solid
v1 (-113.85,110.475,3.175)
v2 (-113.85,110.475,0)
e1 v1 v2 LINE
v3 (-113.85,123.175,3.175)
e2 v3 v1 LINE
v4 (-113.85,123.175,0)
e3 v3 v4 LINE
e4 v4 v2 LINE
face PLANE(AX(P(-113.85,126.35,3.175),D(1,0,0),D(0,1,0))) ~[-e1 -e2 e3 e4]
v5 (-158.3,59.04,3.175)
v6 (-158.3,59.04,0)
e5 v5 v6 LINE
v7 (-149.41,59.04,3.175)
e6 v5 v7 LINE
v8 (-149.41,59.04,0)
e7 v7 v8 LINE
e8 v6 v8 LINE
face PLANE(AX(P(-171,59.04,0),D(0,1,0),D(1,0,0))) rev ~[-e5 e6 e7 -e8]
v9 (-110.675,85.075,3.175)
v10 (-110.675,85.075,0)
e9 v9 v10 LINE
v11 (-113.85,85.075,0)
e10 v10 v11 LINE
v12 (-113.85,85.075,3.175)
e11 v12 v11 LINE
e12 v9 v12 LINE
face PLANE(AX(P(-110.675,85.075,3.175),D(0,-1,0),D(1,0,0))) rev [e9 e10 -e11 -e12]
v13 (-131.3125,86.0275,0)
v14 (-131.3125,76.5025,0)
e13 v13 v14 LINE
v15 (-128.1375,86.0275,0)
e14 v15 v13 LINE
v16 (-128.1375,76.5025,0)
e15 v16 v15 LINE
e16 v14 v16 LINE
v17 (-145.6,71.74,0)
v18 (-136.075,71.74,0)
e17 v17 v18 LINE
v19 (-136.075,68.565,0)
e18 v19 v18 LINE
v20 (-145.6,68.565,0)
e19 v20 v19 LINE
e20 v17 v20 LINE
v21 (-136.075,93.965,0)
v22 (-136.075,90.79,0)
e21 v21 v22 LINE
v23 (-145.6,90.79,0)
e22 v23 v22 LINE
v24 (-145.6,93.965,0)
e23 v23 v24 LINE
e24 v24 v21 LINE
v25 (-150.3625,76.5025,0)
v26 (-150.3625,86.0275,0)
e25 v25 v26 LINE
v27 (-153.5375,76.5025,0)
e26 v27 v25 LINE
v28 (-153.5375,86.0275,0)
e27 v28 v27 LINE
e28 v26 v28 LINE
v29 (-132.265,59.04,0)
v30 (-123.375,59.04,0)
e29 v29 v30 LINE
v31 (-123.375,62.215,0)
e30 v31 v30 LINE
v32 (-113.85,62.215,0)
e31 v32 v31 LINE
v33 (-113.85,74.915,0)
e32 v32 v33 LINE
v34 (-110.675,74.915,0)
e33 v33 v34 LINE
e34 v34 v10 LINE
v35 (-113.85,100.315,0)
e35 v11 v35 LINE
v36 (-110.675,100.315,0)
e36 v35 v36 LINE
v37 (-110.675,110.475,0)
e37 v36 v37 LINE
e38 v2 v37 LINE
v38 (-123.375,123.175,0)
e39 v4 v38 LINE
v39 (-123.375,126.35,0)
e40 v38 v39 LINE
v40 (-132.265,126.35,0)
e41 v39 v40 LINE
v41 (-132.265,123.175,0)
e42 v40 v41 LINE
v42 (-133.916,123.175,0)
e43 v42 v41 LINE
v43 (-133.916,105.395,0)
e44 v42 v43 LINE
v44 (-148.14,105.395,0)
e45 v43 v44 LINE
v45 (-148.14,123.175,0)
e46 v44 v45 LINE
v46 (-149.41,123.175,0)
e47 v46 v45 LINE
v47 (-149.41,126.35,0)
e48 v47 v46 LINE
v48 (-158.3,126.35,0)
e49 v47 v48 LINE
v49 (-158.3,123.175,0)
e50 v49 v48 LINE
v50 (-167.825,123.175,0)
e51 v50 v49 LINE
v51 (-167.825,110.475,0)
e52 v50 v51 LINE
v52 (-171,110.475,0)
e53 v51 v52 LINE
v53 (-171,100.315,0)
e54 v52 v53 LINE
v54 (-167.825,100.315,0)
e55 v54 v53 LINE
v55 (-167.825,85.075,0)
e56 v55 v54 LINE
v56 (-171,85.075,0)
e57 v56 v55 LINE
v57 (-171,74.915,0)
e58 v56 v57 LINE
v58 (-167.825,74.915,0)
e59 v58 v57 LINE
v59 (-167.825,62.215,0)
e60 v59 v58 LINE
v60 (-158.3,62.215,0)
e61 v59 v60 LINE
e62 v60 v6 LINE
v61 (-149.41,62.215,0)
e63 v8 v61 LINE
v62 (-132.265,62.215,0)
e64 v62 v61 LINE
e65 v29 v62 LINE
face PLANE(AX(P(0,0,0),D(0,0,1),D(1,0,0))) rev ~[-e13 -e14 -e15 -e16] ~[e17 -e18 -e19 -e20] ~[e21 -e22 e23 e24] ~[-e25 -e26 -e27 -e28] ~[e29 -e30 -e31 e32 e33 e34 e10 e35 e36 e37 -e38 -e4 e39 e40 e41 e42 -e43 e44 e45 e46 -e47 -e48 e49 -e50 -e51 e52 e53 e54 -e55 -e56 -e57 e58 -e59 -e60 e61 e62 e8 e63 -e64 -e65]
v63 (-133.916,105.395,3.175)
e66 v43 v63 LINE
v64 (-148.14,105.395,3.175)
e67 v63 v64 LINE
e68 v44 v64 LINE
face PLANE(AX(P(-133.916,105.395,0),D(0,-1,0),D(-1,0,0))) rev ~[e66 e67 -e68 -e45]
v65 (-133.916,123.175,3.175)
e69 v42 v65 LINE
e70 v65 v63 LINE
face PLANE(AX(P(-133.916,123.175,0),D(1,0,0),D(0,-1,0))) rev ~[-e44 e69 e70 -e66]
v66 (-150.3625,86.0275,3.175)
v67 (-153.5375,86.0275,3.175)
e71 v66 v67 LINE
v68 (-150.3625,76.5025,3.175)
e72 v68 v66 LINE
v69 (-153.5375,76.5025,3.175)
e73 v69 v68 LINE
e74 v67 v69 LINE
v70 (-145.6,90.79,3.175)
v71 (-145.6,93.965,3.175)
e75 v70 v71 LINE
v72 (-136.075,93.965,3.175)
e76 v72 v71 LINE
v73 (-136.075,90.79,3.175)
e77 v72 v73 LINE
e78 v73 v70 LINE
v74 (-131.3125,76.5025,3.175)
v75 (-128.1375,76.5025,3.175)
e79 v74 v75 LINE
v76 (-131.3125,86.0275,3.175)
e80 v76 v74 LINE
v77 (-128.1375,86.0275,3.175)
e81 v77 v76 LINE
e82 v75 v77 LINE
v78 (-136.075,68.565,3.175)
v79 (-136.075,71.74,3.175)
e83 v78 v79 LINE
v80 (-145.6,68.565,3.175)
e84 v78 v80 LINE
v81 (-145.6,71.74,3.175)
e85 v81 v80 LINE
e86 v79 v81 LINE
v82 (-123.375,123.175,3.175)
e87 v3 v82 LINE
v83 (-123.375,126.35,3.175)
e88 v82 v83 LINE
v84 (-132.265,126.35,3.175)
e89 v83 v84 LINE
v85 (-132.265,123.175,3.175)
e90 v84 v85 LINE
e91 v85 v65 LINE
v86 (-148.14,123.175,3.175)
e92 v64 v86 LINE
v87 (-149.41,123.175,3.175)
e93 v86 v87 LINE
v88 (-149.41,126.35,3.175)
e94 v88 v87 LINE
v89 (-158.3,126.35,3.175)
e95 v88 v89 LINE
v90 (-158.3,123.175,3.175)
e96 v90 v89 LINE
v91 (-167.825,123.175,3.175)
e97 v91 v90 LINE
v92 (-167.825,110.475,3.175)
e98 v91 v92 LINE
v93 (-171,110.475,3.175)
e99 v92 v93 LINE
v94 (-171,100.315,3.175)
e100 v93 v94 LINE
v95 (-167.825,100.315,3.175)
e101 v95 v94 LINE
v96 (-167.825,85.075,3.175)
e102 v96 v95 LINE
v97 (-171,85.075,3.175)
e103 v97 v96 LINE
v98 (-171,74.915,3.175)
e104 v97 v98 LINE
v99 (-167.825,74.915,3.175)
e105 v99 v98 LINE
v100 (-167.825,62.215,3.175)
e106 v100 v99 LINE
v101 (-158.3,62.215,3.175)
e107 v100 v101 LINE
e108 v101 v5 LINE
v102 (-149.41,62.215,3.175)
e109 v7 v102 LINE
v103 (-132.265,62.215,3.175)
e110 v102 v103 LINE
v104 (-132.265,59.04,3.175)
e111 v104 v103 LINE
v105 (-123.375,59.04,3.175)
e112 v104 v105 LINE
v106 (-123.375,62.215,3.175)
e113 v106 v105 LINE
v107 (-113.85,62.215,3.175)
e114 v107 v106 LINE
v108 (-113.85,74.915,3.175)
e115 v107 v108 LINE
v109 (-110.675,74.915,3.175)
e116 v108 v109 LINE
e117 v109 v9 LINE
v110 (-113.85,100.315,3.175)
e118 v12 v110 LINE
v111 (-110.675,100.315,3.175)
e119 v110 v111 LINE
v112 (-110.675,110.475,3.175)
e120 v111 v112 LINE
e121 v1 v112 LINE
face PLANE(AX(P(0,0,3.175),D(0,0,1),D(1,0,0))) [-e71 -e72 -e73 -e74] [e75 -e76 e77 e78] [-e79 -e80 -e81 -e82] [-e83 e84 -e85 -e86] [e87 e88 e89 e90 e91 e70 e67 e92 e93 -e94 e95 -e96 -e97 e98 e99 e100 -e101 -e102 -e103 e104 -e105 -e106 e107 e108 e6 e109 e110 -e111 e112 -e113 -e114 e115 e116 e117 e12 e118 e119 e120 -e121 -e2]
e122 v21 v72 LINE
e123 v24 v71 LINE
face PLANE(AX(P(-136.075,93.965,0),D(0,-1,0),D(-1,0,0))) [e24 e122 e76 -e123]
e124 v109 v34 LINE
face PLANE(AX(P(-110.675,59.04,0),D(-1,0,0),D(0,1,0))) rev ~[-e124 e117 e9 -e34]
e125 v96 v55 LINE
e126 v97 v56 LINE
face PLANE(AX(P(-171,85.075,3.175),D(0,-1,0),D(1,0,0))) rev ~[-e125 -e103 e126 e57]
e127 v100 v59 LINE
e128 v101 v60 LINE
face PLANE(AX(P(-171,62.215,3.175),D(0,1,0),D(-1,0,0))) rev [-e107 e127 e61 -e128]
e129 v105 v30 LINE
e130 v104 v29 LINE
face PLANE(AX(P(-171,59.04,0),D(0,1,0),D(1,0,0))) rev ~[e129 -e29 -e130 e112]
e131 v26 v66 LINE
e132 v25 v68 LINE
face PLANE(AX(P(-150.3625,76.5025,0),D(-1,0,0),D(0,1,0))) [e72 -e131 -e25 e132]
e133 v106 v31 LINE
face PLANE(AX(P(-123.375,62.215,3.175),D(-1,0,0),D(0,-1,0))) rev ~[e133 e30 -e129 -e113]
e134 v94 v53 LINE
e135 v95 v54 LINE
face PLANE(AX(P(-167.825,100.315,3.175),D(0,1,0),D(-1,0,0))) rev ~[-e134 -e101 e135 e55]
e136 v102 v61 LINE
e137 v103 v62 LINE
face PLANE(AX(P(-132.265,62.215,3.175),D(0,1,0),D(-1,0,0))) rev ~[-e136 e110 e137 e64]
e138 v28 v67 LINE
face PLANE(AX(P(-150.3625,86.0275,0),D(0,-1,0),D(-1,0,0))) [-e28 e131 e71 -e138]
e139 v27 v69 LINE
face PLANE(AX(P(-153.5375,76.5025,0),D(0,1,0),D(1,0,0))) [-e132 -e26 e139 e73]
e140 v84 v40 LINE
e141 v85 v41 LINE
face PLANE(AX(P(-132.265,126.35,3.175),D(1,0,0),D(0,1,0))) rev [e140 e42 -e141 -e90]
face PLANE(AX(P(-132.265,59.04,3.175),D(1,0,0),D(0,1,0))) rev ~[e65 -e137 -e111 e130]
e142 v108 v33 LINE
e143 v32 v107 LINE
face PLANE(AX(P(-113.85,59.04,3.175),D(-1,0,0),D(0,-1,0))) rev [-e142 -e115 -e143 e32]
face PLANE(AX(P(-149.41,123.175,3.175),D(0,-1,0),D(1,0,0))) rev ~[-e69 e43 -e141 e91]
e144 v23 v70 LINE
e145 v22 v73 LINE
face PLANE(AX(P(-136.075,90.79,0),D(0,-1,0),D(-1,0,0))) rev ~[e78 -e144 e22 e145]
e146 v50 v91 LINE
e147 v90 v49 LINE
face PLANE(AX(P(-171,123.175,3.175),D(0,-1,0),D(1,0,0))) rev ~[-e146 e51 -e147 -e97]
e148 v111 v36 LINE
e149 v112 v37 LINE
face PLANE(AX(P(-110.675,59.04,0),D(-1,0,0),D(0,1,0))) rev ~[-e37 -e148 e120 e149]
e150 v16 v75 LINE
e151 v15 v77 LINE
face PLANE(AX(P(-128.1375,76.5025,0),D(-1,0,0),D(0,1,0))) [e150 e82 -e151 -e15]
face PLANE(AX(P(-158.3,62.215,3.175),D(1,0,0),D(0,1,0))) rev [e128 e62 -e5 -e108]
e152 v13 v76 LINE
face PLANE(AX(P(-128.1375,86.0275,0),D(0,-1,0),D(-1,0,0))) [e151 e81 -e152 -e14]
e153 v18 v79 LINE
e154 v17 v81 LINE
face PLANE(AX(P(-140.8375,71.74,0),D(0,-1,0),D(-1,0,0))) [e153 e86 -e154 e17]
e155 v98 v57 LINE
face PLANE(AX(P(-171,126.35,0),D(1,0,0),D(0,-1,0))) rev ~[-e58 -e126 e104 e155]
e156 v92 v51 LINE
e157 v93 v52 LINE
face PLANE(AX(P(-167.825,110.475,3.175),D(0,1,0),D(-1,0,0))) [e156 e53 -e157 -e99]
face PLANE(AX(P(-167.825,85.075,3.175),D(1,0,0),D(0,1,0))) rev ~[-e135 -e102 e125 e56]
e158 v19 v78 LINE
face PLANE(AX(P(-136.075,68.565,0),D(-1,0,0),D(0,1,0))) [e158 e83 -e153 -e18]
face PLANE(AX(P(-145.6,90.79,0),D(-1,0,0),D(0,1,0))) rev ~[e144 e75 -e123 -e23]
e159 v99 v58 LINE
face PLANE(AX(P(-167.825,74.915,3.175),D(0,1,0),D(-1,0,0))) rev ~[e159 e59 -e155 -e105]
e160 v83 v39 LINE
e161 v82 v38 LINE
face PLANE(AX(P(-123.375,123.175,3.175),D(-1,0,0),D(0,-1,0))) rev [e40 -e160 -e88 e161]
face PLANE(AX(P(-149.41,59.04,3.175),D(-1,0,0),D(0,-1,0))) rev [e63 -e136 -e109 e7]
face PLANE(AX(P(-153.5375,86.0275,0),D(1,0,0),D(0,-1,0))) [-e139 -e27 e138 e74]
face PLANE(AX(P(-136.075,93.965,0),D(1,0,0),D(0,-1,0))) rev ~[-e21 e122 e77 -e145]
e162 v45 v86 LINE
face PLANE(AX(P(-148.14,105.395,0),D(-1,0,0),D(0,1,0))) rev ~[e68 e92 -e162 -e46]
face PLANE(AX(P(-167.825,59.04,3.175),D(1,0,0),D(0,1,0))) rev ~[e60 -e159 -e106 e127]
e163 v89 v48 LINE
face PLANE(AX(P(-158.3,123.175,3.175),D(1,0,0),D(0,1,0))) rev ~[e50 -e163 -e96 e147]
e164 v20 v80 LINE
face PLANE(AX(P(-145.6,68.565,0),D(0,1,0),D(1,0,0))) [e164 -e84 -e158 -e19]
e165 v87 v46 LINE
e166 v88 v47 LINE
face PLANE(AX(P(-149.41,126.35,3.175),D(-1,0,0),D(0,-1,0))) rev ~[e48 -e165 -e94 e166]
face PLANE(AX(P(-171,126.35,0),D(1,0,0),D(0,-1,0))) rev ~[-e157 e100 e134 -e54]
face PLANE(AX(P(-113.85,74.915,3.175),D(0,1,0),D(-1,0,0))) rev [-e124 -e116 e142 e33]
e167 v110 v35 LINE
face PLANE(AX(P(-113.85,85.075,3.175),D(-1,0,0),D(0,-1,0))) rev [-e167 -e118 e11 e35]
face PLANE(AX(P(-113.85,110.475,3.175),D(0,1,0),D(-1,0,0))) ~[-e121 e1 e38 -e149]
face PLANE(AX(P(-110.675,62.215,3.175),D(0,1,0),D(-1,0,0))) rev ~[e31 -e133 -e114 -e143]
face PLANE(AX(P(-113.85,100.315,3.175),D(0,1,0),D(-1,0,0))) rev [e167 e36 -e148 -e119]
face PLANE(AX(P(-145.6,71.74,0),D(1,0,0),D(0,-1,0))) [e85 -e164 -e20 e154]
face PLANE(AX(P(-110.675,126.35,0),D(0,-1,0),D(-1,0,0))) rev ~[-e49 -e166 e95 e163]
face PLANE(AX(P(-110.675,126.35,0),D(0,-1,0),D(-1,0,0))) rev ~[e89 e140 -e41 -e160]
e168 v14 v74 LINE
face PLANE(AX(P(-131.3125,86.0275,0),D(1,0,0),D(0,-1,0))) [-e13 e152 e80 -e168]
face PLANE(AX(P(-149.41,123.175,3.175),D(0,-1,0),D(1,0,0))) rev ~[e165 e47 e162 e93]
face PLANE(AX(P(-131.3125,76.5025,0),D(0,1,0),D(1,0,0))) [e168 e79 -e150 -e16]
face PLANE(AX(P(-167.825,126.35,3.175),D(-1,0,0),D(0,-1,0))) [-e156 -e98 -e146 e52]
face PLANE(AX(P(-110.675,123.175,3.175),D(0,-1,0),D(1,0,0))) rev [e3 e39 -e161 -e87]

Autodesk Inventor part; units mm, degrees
ref_plane "YZ Plane" through (0, 0, 0) normal (1, 0, 0) x (0, 1, 0)
ref_plane "XZ Plane" through (0, 0, 0) normal (0, 1, 0) x (-1, 0, 0)
ref_plane "XY Plane" through (0, 0, 0) normal (0, 0, 1) x (1, 0, 0)
sketch "Sketch1" plane through (0, 0, 0) normal (0, 0, 1) x (1, 0, 0)
  line L0 (-110.675, 126.35) -> (-171, 126.35)
  line L1 (-171, 126.35) -> (-171, 59.04)
  line L2 (-171, 59.04) -> (-110.675, 59.04)
  line L3 (-110.675, 59.04) -> (-110.675, 126.35)
  point P0 (0, 0)
  dimension "d0" = 60.325
  dimension "d1" = 67.31
extrude "Extrusion1" add sketch "Sketch1" along normal blind 3.175
sketch "Sketch2" plane through (0, 0, 3.175) normal (0, 0, 1) x (1, 0, 0)
  line L0 (-171, 126.35) -> (-171, 59.04) projected
  line L1 (-171, 59.04) -> (-167.825, 59.04)
  line L2 (-167.825, 59.04) -> (-167.825, 74.915)
  line L3 (-167.825, 74.915) -> (-171, 74.915)
  line L4 (-171, 74.915) -> (-171, 59.04)
  line L5 (-171, 85.075) -> (-167.825, 85.075)
  line L6 (-167.825, 85.075) -> (-167.825, 100.315)
  line L7 (-167.825, 100.315) -> (-171, 100.315)
  line L8 (-171, 100.315) -> (-171, 85.075)
  line L9 (-110.675, 126.35) -> (-171, 126.35) projected
  line L10 (-171, 126.35) -> (-167.825, 126.35)
  line L11 (-167.825, 126.35) -> (-167.825, 110.475)
  line L12 (-167.825, 110.475) -> (-171, 110.475)
  line L13 (-171, 110.475) -> (-171, 126.35)
  point P0 (0, 0)
  dimension "d4" = 3.175
  dimension "d5" = 15.875
  dimension "d6" = 10.16
  dimension "d7" = 15.875
  dimension "d8" = 10.16
extrude "Extrusion3" cut sketch "Sketch2" against normal blind 3.175
ref_plane "Work Plane1" through (-140.8375, 59.04, 0) normal (1, 0, 0) x (0, 0, -1)
mirror "Mirror1" about plane through (-140.8375, 59.04, 0) normal (1, 0, 0) of "Extrusion3"
sketch "Sketch3" plane through (0, 0, 3.175) normal (0, 0, 1) x (1, 0, 0)
  line L0 (-123.375, 59.04) -> (-110.675, 59.04)
  line L1 (-110.675, 59.04) -> (-110.675, 62.215)
  line L2 (-110.675, 62.215) -> (-123.375, 62.215)
  line L3 (-123.375, 62.215) -> (-123.375, 59.04)
  line L4 (-167.825, 59.04) -> (-113.85, 59.04) projected
  line L5 (-110.675, 74.915) -> (-110.675, 85.075) projected
  line L6 (-140.8375, 59.04) -> (-132.265, 59.04)
  line L7 (-132.265, 59.04) -> (-132.265, 62.215)
  line L8 (-132.265, 62.215) -> (-140.8375, 62.215)
  line L9 (-140.8375, 62.215) -> (-140.8375, 59.04)
  point P0 (0, 0)
  dimension "d13" = 12.7
  dimension "d14" = 3.175
  dimension "d15" = 8.89
extrude "Extrusion4" cut sketch "Sketch3" against normal blind 3.175
mirror "Mirror2" about plane through (-140.8375, 59.04, 0) normal (1, 0, 0) of "Extrusion4"
ref_plane "Work Plane2" through (-158.3, 92.695, 0) normal (0, -1, 0) x (1, 0, 0)
mirror "Mirror3" about plane through (-158.3, 92.695, 0) normal (0, -1, 0) of "Extrusion4", "Mirror2"
sketch "Sketch4" plane through (0, 0, 0) normal (0, 0, -1) x (-1, 0, 0)
  line L0 (149.41, 123.175) -> (132.265, 123.175) projected
  line L1 (148.14, 123.175) -> (133.916, 123.175)
  line L2 (133.916, 123.175) -> (133.916, 105.395)
  line L3 (133.916, 105.395) -> (148.14, 105.395)
  line L4 (148.14, 105.395) -> (148.14, 123.175)
  line L5 (110.675, 100.315) -> (110.675, 110.475) projected
  line L6 (171, 110.475) -> (171, 100.315) projected
  point P0 (0, 0)
  dimension "d18" = 17.78
  dimension "d19" = 14.224
  dimension "d21" = 22.86
extrude "Extrusion5" cut sketch "Sketch4" against normal blind 3.175
sketch "Sketch5" plane through (0, 0, 0) normal (0, 0, -1) x (-1, 0, 0)
  line L0 (153.5375, 68.565) -> (128.1375, 68.565)
  line L1 (128.1375, 68.565) -> (128.1375, 93.965)
  line L2 (128.1375, 93.965) -> (153.5375, 93.965)
  line L3 (153.5375, 93.965) -> (153.5375, 68.565)
  line L4 (140.8375, -25.27) -> (140.8375, 151.62) projected
  line L5 (132.265, 62.215) -> (149.41, 62.215) projected
  line L6 (145.6, 68.565) -> (136.075, 68.565)
  line L7 (136.075, 68.565) -> (136.075, 71.74)
  line L8 (136.075, 71.74) -> (145.6, 71.74)
  line L9 (145.6, 71.74) -> (145.6, 68.565)
  line L10 (145.6, 93.965) -> (136.075, 93.965)
  line L11 (136.075, 93.965) -> (136.075, 90.79)
  line L12 (136.075, 90.79) -> (145.6, 90.79)
  line L13 (145.6, 90.79) -> (145.6, 93.965)
  line L14 (153.5375, 76.5025) -> (150.3625, 76.5025)
  line L15 (150.3625, 76.5025) -> (150.3625, 86.0275)
  line L16 (150.3625, 86.0275) -> (153.5375, 86.0275)
  line L17 (153.5375, 86.0275) -> (153.5375, 76.5025)
  line L18 (128.1375, 86.0275) -> (131.3125, 86.0275)
  line L19 (131.3125, 86.0275) -> (131.3125, 76.5025)
  line L20 (131.3125, 76.5025) -> (128.1375, 76.5025)
  line L21 (128.1375, 76.5025) -> (128.1375, 86.0275)
  point P0 (0, 0)
  dimension "d24" = 25.4
  dimension "d25" = 25.4
  dimension "d26" = 12.7
  dimension "d27" = 6.35
  dimension "d28" = 3.175
  dimension "d29" = 7.9375
  dimension "d30" = 7.9375
  dimension "d31" = 3.175
  dimension "d32" = 7.9375
  dimension "d33" = 3.175
  dimension "d34" = 7.9375
  dimension "d35" = 3.175
extrude "Extrusion6" cut sketch "Sketch5" against normal blind 3.175 contours L0 L4 L8 L9 | L14 L15 L16 L3 | L0 L7 L8 L4 | L12 L11 L2 L4 | L4 L2 L13 L12 | L1 L18 L19 L20
